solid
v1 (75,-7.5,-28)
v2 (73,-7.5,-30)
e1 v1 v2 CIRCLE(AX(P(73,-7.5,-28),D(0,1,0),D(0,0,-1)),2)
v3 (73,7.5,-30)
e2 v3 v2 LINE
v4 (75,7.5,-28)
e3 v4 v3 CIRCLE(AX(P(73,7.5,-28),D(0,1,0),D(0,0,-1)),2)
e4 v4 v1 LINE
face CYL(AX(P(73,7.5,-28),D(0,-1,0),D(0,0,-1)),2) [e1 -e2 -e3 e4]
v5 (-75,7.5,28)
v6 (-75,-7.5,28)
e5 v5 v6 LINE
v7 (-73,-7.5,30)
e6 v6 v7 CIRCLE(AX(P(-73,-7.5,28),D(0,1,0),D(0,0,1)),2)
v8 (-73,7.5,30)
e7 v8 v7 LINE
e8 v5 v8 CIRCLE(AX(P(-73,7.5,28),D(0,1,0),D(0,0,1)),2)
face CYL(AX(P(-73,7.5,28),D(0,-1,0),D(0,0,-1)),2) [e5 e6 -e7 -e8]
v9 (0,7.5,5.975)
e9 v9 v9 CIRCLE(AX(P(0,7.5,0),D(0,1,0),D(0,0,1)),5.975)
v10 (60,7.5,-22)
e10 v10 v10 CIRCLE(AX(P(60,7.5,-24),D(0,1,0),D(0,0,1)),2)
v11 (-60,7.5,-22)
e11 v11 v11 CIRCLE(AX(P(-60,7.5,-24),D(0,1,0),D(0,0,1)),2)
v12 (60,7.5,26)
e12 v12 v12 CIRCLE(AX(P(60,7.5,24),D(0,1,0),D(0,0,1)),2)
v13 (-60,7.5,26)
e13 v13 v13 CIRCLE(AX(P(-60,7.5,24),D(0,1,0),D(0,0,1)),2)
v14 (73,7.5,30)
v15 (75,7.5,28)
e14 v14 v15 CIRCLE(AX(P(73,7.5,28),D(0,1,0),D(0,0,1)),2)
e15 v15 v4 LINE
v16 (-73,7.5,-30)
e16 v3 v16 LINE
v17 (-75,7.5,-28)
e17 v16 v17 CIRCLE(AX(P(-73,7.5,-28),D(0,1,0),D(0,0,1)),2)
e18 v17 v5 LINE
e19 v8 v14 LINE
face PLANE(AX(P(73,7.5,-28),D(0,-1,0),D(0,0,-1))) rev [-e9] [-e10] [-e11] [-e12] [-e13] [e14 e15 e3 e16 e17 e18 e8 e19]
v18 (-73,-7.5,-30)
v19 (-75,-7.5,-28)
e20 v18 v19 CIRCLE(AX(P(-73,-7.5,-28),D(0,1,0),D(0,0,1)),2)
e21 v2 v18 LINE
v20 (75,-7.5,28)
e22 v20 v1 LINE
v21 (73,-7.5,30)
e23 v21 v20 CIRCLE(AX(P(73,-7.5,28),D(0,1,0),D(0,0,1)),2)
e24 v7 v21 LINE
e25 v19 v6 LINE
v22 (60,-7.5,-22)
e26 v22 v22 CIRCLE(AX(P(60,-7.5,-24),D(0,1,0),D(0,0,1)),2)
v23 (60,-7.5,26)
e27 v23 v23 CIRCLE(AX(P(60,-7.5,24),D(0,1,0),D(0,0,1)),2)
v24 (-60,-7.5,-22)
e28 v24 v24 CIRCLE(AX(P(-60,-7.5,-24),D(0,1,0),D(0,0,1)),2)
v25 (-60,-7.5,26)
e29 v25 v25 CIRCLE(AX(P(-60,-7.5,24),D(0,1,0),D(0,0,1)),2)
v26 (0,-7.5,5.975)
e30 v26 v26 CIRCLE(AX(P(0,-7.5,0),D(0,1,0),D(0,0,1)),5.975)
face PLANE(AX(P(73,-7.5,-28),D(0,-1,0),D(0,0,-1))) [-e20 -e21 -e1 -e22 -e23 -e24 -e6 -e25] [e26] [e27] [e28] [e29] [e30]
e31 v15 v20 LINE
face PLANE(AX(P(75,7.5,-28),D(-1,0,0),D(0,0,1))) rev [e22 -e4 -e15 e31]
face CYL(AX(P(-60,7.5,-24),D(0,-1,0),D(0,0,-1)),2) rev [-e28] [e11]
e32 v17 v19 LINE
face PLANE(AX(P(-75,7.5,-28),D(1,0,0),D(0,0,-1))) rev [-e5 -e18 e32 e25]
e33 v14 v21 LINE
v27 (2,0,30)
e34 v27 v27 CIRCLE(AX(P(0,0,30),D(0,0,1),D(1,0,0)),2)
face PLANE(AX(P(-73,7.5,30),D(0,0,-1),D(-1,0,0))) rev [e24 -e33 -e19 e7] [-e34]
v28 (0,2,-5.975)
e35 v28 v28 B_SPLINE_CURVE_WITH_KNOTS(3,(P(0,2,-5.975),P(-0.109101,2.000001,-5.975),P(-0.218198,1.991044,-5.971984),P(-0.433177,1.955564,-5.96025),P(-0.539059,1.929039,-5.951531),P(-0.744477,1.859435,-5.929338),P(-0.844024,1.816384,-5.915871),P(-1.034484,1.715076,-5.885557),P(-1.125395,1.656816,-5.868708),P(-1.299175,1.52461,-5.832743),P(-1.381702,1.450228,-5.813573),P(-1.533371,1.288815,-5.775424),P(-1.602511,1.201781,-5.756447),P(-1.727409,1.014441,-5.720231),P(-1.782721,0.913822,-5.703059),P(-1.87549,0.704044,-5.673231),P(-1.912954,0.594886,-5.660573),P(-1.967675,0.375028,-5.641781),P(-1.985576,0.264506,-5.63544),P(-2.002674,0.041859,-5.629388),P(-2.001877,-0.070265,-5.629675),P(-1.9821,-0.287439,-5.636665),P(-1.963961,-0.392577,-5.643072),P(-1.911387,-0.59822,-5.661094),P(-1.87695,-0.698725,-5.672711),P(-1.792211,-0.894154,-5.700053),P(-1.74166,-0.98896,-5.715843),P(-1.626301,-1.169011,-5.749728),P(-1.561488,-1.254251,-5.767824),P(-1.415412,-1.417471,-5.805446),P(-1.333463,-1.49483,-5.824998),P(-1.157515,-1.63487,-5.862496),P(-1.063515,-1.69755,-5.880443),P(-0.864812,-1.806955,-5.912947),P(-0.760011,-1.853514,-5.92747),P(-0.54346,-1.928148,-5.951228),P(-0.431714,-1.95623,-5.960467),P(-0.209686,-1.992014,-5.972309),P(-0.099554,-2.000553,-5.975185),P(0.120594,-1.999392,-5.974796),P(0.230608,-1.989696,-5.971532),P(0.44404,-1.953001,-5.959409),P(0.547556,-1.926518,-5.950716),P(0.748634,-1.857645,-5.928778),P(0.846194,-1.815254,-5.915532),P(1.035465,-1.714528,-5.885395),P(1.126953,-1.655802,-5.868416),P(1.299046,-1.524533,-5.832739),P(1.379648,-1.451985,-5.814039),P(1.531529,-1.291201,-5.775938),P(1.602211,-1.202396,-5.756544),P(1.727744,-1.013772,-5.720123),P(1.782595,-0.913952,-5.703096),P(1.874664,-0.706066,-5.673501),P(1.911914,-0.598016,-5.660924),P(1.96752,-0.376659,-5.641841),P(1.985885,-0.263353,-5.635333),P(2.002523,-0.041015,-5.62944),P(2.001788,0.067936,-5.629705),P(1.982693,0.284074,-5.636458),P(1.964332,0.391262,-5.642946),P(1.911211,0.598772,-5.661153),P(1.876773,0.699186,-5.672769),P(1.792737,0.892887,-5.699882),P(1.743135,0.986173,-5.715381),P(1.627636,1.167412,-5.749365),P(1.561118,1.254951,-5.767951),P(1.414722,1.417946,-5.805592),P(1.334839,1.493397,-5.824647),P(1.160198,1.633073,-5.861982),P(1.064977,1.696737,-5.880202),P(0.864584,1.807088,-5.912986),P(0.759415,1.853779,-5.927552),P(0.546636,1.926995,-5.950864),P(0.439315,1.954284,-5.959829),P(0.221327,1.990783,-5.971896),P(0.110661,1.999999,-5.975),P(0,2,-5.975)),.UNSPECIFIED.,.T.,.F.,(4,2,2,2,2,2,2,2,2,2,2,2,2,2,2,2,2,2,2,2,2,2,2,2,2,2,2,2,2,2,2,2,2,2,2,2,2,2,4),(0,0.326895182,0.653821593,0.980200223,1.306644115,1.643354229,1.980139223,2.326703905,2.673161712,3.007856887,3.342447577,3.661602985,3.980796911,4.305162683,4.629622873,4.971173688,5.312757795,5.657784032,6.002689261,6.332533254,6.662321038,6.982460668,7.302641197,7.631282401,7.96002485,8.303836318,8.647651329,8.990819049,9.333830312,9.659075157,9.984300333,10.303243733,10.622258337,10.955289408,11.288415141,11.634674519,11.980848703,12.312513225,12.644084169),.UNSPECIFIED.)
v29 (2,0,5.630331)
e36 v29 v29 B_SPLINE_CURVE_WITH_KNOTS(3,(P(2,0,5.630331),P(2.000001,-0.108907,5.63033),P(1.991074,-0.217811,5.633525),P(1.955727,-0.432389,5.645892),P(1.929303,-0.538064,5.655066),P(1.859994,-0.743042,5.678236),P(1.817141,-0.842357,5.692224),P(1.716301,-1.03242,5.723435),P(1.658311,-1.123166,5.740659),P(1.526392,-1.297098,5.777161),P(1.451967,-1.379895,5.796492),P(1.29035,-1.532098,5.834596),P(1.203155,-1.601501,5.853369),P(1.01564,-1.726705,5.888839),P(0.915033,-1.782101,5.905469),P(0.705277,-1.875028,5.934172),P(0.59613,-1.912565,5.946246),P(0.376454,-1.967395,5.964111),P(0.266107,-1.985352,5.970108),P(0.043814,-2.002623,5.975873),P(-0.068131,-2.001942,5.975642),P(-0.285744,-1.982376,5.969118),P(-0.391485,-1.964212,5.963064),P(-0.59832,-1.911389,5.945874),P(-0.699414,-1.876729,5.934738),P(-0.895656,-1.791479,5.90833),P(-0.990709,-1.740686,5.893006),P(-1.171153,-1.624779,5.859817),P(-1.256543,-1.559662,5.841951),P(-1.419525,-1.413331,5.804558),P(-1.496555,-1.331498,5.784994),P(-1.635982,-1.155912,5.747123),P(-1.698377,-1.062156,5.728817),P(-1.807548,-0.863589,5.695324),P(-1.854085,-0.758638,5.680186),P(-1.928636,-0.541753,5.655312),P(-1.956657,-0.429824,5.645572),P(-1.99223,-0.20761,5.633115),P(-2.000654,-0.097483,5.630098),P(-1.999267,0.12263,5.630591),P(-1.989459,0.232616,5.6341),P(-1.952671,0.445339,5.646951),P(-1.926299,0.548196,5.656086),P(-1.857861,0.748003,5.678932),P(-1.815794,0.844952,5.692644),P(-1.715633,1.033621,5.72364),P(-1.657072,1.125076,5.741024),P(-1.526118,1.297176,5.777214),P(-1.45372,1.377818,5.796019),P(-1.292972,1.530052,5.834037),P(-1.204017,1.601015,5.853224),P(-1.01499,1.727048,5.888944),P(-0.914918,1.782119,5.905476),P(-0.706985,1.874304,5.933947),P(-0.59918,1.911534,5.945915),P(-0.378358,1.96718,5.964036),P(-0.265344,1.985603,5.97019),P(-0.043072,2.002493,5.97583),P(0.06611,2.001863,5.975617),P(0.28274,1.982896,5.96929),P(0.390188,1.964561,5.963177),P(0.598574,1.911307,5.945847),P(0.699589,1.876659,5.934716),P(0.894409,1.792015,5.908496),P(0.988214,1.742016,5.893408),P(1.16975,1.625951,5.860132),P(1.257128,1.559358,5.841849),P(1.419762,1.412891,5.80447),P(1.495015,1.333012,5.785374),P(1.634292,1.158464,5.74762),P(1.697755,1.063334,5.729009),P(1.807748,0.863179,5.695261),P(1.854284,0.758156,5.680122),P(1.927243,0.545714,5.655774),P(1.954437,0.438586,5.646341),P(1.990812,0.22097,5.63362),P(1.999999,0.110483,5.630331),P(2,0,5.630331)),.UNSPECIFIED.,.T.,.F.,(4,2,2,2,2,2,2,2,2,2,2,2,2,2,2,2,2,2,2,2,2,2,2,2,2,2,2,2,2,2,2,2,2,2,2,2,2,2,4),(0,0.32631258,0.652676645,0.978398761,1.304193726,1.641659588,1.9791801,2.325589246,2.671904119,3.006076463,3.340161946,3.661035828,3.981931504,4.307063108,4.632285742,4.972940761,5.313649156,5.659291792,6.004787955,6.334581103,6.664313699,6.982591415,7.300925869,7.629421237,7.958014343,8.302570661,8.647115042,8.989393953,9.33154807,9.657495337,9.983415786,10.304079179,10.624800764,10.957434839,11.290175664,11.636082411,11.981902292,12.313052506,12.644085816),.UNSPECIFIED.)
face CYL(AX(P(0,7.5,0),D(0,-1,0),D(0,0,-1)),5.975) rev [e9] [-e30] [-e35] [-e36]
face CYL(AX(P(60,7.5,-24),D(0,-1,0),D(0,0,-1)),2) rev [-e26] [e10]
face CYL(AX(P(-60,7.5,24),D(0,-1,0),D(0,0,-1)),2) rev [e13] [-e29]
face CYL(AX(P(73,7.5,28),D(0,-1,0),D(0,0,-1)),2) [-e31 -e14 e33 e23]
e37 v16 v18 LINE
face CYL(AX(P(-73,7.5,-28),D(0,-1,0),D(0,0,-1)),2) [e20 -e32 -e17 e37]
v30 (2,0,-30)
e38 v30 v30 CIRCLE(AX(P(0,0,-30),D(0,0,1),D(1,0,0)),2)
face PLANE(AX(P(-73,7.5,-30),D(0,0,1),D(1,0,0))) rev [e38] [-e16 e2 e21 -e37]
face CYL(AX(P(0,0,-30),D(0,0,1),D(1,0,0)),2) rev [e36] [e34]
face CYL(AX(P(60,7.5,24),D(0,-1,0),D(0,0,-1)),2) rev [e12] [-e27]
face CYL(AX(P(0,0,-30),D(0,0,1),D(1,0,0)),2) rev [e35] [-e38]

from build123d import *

# Parameters (mm, degrees)
SKETCH1_R           = 5.975
SKETCH1_R_2         = 2
BOSS_EXTRUDE1_DEPTH = 7.5
SKETCH2_R           = 2
CUT_EXTRUDE1_DEPTH  = 97.33924434


with BuildPart() as part:
    # Sketch1 → Boss-Extrude1 (new, symmetric)
    with BuildSketch(Plane(origin=(0, 0, 0), x_dir=(1, 0, 0), z_dir=(0, 1, 0))):
        with BuildLine():
            Line((-73, 30), (73, 30))
            ThreePointArc((73, 30), (74.414213562, 29.414213562), (75, 28))
            Line((75, 28), (75, -28))
            ThreePointArc((75, -28), (74.414213562, -29.414213562), (73, -30))
            Line((73, -30), (-73, -30))
            ThreePointArc((-73, -30), (-74.414213562, -29.414213562), (-75, -28))
            Line((-75, -28), (-75, 28))
            ThreePointArc((-75, 28), (-74.414213562, 29.414213562), (-73, 30))
        make_face()
        with Locations(Location((0, 0, 0), (0, 0, 270))):
            Circle(SKETCH1_R, mode=Mode.SUBTRACT)
        with Locations(Location((-60, 24, 0), (0, 0, 270))):
            Circle(SKETCH1_R_2, mode=Mode.SUBTRACT)
        with Locations(Location((-60, -24, 0), (0, 0, 270))):
            Circle(SKETCH1_R_2, mode=Mode.SUBTRACT)
        with Locations(Location((60, -24, 0), (0, 0, 270))):
            Circle(SKETCH1_R_2, mode=Mode.SUBTRACT)
        with Locations(Location((60, 24, 0), (0, 0, 270))):
            Circle(SKETCH1_R_2, mode=Mode.SUBTRACT)
    extrude(amount=BOSS_EXTRUDE1_DEPTH, both=True)

    # Sketch2 → Cut-Extrude1 (cut, through all)
    with BuildSketch(Plane.XY.offset(30)):
        Circle(SKETCH2_R)
    extrude(amount=-CUT_EXTRUDE1_DEPTH, mode=Mode.SUBTRACT)


solid = part.part
